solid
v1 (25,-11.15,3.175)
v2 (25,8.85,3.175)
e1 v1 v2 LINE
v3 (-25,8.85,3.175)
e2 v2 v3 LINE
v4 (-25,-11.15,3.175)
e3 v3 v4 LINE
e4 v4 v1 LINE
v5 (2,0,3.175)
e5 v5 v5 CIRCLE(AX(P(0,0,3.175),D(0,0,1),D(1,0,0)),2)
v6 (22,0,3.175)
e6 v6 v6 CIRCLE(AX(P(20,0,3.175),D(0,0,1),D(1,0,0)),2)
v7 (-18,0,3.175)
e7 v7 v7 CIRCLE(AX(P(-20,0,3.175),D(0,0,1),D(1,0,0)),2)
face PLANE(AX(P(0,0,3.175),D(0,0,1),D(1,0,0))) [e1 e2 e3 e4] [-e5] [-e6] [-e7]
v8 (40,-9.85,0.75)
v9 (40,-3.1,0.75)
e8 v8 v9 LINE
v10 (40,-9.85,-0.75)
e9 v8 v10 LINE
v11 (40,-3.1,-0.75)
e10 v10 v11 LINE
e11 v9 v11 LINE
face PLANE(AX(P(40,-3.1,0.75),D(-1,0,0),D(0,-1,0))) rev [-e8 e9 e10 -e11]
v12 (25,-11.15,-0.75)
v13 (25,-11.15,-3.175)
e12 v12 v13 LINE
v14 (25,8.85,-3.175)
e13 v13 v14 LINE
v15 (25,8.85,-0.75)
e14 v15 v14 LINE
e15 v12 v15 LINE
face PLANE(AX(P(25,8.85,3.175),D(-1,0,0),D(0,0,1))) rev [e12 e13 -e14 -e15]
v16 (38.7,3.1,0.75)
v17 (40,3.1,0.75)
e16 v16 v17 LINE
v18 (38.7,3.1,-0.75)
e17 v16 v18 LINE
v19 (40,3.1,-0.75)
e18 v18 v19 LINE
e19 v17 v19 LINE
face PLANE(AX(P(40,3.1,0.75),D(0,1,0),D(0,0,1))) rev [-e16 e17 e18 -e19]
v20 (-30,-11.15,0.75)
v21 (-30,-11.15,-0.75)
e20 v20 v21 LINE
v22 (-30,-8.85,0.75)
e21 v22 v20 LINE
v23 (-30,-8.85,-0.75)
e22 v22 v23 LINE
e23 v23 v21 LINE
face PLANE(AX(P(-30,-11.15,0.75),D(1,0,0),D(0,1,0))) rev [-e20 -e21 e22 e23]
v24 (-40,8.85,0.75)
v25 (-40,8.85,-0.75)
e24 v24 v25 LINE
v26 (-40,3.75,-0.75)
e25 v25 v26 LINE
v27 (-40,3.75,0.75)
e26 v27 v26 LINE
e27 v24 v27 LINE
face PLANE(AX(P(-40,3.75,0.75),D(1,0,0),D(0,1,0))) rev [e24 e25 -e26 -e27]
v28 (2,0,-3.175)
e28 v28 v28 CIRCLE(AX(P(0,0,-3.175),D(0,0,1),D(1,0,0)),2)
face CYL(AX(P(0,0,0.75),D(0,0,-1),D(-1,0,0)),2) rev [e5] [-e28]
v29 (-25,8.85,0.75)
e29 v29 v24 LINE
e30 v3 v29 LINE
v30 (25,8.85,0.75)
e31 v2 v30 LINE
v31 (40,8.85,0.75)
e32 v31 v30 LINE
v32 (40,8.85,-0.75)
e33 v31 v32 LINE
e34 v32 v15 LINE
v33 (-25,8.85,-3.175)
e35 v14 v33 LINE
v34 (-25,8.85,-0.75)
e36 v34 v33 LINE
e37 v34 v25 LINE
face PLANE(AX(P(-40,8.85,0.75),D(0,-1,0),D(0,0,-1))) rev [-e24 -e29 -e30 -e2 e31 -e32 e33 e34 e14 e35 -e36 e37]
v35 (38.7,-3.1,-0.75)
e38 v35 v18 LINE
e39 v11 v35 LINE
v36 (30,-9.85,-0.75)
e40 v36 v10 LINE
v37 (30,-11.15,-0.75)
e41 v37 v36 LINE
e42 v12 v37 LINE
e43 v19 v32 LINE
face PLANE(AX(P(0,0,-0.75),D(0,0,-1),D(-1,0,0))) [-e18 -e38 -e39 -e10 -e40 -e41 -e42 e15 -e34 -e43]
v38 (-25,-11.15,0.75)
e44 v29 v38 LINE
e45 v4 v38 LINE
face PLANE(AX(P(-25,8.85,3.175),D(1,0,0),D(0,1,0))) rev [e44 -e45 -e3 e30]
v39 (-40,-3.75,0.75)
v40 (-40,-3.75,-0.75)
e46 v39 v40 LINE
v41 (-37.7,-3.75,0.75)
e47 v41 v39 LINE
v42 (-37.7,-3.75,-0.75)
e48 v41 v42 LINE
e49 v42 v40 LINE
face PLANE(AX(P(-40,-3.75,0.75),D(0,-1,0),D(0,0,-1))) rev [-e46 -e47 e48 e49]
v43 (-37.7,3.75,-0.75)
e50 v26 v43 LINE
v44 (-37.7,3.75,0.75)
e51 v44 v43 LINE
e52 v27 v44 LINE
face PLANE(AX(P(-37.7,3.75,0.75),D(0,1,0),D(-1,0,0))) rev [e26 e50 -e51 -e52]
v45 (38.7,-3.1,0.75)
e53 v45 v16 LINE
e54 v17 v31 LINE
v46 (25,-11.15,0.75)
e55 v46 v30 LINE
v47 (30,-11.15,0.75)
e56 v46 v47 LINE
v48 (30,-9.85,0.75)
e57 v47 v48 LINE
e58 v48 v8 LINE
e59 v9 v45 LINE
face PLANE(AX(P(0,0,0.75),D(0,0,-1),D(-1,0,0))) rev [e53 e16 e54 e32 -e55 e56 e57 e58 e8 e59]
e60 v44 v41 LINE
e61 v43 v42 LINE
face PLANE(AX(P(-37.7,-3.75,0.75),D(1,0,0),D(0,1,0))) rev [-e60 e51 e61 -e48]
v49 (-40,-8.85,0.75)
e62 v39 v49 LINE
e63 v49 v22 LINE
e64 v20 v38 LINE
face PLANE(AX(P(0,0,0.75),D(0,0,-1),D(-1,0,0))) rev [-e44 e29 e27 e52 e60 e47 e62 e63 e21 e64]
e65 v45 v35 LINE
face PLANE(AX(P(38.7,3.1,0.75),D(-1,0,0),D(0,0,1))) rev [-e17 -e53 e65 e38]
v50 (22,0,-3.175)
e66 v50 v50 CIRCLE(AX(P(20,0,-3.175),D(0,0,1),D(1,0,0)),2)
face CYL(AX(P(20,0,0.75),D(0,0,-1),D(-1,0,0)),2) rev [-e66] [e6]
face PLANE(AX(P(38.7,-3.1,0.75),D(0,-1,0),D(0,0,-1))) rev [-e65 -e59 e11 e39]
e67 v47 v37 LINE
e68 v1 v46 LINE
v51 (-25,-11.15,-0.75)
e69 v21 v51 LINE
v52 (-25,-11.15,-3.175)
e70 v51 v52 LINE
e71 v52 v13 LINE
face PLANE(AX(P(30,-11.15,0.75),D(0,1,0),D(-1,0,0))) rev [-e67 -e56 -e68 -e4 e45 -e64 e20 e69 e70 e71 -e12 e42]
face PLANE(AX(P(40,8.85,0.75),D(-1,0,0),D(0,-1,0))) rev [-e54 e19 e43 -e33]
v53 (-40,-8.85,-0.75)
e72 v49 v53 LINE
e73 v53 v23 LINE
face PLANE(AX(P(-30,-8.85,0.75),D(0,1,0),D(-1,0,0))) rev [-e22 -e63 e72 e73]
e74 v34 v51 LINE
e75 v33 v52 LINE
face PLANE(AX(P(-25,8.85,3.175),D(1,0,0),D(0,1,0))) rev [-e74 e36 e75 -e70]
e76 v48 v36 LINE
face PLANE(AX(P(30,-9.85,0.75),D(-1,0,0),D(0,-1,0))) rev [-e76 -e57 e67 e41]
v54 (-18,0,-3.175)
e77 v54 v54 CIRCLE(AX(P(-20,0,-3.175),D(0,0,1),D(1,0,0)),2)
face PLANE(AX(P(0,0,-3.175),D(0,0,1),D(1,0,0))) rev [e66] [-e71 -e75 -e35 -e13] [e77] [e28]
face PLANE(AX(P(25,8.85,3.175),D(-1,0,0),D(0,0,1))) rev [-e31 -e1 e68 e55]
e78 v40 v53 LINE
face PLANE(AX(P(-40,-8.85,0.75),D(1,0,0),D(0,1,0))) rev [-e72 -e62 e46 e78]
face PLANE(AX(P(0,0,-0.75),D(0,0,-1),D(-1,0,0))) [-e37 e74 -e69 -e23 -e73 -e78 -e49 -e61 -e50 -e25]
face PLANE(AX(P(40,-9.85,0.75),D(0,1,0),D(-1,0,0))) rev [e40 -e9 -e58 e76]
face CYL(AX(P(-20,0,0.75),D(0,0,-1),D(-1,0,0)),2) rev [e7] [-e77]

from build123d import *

# Parameters (mm, degrees)
CROQUIS1_R              = 2
SALIENTE_EXTRUIR1_DEPTH = 0.75
CROQUIS2_W              = 50
CROQUIS2_H              = 20
CROQUIS2_R              = 2
SALIENTE_EXTRUIR2_DEPTH = 3.175


with BuildPart() as part:
    # Croquis1 → Saliente-Extruir1 (new, symmetric)
    with BuildSketch(Plane.XY):
        Polygon((-40, 8.85), (40, 8.85), (40, 3.1), (38.7, 3.1), (38.7, -3.1), (40, -3.1), (40, -9.85), (30, -9.85), (30, -11.15), (-30, -11.15), (-30, -8.85), (-40, -8.85), (-40, -3.75), (-37.7, -3.75), (-37.7, 3.75), (-40, 3.75), align=None)
        with Locations((20, 0)):
            Circle(CROQUIS1_R, mode=Mode.SUBTRACT)
        Circle(CROQUIS1_R, mode=Mode.SUBTRACT)
        with Locations((-20, 0)):
            Circle(CROQUIS1_R, mode=Mode.SUBTRACT)
    extrude(amount=SALIENTE_EXTRUIR1_DEPTH, both=True)

    # Croquis2 → Saliente-Extruir2 (add, symmetric)
    with BuildSketch(Plane.XY):
        with Locations((0, -1.15)):
            Rectangle(CROQUIS2_W, CROQUIS2_H)
        with Locations((-20, 0)):
            Circle(CROQUIS2_R, mode=Mode.SUBTRACT)
        Circle(CROQUIS2_R, mode=Mode.SUBTRACT)
        with Locations((20, 0)):
            Circle(CROQUIS2_R, mode=Mode.SUBTRACT)
    extrude(amount=SALIENTE_EXTRUIR2_DEPTH, both=True)


solid = part.part
